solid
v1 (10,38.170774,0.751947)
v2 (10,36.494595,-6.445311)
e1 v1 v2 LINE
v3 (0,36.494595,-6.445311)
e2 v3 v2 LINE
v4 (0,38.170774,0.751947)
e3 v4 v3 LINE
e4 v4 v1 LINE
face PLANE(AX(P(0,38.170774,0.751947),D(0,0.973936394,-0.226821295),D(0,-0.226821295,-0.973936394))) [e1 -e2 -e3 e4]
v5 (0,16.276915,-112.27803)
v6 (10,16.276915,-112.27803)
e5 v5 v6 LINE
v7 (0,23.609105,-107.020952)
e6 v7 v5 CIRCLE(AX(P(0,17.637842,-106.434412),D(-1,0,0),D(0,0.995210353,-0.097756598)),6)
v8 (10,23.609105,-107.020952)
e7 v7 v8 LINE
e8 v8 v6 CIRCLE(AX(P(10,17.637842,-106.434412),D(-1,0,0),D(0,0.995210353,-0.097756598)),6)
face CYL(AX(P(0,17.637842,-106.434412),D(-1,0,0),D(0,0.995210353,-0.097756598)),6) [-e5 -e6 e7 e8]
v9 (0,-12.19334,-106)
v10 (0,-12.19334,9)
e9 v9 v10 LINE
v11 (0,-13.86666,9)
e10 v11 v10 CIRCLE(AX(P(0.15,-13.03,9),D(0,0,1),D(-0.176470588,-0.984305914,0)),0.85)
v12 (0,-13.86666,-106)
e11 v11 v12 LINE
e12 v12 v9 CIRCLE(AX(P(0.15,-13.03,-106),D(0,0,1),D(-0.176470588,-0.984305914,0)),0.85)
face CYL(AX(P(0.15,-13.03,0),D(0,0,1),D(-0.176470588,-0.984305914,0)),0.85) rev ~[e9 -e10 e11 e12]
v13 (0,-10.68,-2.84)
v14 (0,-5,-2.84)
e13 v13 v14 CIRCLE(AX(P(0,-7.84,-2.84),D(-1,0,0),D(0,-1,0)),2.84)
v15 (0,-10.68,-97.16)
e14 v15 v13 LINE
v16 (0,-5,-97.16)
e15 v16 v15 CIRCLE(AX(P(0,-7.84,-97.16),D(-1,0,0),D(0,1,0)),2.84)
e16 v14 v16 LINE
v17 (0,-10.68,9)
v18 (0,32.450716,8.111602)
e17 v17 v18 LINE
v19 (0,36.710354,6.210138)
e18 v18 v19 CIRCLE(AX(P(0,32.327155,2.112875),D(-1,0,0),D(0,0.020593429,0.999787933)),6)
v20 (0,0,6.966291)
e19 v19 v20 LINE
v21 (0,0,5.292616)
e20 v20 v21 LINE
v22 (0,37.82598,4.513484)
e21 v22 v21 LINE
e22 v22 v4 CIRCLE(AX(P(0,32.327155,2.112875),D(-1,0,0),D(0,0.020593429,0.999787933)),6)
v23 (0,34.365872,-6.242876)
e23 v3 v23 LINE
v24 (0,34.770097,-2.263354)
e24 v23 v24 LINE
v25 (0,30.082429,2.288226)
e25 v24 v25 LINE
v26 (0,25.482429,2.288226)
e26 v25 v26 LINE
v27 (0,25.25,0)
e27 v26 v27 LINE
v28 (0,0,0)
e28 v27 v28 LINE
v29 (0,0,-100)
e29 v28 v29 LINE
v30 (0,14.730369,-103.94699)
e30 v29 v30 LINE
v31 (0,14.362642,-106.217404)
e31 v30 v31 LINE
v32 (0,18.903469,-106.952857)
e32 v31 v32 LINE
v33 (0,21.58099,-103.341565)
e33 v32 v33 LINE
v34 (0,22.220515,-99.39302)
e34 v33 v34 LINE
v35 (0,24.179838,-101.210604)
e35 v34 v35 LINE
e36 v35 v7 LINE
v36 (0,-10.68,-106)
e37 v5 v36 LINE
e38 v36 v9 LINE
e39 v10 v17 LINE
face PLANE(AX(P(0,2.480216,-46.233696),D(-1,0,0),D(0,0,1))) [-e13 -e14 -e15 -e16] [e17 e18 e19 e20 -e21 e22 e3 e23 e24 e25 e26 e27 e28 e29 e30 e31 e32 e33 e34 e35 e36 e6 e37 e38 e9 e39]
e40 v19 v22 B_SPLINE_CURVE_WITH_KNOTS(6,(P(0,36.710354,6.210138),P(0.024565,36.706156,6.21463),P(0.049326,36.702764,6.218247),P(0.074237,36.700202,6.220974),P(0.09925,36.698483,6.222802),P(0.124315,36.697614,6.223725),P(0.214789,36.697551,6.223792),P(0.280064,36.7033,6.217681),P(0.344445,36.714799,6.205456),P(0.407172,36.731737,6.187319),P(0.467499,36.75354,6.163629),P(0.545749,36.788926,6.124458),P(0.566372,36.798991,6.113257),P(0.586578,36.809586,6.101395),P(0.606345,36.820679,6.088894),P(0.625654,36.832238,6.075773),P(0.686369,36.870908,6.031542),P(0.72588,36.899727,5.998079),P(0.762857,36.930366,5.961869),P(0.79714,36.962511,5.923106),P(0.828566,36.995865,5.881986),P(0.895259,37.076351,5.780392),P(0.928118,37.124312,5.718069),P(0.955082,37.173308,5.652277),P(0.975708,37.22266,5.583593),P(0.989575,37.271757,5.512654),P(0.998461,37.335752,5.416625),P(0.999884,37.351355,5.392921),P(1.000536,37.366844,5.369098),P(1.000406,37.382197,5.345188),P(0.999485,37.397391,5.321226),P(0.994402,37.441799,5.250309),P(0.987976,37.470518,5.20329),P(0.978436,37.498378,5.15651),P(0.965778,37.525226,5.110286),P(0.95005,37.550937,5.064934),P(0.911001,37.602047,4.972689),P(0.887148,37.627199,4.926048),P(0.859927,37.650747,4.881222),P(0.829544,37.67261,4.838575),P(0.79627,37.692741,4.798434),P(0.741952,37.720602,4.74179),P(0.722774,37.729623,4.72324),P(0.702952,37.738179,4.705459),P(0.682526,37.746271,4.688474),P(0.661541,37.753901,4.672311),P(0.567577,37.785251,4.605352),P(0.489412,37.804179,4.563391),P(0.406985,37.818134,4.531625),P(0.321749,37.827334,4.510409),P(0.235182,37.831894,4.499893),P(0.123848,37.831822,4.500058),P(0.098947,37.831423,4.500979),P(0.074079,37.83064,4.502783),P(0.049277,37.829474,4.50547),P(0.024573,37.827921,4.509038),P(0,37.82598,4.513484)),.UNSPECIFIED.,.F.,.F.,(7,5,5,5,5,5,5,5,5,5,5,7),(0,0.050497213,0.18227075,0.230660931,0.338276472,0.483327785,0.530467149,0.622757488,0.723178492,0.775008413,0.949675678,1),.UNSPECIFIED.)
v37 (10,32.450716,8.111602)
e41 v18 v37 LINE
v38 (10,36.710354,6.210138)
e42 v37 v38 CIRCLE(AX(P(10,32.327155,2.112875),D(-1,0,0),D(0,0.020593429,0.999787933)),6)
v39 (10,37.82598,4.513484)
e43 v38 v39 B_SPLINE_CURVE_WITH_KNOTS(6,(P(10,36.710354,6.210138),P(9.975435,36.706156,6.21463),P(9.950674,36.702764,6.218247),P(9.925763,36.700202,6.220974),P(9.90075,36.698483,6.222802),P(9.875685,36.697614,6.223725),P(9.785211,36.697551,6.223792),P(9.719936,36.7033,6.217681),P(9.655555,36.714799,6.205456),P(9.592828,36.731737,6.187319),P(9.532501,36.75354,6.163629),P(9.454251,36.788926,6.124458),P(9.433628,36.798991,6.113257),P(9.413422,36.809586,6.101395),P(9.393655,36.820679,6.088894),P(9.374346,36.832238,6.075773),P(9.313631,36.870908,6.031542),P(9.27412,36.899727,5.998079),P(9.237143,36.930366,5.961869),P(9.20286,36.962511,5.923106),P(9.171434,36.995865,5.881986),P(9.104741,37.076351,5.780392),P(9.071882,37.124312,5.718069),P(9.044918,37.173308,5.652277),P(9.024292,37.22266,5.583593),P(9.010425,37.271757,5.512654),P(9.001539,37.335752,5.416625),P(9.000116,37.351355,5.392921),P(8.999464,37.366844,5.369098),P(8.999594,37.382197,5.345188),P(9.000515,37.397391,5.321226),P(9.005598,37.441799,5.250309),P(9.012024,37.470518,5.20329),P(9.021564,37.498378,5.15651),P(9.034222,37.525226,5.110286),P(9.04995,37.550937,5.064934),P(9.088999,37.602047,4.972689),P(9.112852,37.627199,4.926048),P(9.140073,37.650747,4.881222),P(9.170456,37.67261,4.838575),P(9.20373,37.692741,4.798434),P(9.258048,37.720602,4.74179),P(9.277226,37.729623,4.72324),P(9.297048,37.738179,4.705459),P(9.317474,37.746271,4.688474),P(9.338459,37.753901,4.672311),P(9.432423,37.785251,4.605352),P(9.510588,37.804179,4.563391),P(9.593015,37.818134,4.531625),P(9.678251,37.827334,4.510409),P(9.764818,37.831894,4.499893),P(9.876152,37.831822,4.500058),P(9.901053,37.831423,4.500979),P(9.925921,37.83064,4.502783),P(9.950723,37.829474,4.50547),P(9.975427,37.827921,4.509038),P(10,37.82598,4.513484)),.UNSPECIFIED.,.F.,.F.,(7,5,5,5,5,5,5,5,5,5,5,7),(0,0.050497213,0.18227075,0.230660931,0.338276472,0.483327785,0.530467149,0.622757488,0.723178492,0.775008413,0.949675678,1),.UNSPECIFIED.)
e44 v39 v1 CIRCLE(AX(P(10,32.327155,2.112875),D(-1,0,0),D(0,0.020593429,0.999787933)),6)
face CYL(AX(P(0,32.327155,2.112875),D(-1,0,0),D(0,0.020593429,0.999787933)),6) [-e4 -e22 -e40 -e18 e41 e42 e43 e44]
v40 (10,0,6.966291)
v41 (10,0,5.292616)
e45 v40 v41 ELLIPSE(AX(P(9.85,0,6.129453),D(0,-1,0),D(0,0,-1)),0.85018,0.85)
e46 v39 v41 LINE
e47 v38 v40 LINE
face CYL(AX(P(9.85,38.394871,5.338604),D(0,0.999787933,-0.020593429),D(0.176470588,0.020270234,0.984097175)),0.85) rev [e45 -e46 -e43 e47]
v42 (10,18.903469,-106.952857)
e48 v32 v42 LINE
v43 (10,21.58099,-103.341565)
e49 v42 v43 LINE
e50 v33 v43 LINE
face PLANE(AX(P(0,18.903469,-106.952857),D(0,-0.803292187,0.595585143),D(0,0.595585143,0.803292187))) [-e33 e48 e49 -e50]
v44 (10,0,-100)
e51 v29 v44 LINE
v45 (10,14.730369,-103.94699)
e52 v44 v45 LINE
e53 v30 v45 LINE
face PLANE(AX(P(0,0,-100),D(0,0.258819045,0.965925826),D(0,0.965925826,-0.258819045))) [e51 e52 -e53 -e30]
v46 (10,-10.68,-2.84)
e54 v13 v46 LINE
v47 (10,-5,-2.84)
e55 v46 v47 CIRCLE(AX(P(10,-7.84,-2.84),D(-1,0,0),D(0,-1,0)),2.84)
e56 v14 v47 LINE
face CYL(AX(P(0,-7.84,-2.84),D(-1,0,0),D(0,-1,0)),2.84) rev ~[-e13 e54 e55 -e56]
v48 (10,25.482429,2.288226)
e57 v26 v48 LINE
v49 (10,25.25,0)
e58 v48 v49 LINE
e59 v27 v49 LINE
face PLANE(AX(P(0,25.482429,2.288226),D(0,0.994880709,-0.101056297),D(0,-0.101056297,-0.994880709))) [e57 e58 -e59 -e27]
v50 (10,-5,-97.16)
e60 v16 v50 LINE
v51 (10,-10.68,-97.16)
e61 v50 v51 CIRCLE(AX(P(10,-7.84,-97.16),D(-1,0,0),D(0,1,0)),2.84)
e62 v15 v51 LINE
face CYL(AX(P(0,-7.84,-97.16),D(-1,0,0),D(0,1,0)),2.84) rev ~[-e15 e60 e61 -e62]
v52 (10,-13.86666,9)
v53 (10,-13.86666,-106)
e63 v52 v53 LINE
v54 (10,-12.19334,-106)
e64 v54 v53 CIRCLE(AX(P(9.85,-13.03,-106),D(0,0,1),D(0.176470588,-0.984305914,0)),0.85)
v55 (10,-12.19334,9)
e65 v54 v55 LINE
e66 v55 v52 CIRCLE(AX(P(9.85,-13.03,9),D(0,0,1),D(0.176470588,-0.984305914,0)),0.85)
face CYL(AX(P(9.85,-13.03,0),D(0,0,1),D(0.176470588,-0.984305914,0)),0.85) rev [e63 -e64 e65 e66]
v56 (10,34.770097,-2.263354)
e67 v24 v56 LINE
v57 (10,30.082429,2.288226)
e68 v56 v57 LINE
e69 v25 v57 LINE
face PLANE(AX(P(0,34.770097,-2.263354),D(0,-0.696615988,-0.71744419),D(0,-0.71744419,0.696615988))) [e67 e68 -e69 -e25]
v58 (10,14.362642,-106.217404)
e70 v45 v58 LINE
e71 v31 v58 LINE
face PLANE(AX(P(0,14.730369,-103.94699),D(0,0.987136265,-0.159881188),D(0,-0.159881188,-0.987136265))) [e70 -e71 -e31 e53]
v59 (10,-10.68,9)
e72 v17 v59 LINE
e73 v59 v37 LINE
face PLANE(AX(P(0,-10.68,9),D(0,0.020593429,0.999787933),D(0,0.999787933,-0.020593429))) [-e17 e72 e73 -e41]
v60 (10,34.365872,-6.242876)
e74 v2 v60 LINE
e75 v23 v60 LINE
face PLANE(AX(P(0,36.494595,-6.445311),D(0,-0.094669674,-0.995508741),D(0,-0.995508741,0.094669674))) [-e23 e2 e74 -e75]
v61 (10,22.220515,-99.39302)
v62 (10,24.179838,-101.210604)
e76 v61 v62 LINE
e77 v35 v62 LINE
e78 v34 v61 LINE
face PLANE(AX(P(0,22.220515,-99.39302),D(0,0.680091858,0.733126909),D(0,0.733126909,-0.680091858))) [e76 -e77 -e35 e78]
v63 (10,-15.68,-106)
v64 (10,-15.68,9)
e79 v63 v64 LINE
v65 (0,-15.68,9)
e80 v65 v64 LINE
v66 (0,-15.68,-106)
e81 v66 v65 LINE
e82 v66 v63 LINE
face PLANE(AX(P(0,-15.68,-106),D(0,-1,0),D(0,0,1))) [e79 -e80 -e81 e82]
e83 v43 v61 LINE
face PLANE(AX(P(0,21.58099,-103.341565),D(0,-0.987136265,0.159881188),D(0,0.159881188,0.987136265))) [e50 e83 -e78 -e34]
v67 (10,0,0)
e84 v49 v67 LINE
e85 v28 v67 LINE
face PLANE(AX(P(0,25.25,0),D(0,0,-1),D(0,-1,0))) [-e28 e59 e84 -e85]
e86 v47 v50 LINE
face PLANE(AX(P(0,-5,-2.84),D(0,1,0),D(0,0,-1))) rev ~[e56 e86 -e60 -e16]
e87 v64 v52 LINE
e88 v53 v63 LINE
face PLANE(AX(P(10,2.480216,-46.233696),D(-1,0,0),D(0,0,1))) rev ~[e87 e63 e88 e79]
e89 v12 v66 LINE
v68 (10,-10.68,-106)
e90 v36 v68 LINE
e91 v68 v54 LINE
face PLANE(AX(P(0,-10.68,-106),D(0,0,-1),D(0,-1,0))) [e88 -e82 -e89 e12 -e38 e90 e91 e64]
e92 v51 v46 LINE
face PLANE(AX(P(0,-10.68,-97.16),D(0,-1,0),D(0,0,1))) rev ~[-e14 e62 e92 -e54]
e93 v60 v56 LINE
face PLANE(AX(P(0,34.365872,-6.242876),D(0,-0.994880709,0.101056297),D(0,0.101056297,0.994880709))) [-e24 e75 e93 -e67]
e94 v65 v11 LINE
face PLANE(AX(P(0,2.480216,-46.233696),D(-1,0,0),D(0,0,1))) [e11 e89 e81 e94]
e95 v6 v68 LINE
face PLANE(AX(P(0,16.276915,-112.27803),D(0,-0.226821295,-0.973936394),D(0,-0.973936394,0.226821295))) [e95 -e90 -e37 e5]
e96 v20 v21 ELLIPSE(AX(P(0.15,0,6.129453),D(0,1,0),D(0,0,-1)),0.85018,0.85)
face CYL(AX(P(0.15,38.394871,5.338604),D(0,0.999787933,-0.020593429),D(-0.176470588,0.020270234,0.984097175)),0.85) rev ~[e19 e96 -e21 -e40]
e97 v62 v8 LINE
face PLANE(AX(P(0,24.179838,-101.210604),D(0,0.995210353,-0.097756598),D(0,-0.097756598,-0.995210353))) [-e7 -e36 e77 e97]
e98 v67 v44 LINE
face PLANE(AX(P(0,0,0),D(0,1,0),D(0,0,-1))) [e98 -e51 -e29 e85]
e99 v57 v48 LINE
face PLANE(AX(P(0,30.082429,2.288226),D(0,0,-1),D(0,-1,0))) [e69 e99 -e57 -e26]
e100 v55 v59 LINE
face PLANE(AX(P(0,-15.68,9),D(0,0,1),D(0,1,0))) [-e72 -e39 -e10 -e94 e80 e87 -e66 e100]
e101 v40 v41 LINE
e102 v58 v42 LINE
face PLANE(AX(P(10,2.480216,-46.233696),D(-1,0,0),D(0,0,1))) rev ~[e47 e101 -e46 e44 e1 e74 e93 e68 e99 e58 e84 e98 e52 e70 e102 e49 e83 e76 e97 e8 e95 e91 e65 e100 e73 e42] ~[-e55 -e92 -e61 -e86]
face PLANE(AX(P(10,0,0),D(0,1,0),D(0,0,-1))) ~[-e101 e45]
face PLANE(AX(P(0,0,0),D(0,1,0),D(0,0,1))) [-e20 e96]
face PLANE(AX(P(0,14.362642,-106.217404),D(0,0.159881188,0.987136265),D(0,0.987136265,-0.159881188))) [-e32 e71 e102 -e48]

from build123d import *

# Parameters (mm, degrees)
BOSS_EXTRUDE1_DEPTH = 10
CUT_EXTRUDE4_REACH  = 126.4
CUT_EXTRUDE5_DEPTH  = 120.20766697


with BuildPart() as part:
    # Sketch1 → Boss-Extrude1 (new body)
    with BuildSketch(Plane(origin=(0, 0, 0), x_dir=(0, 0, -1), z_dir=(1, 0, 0))):
        with BuildLine():
            Line((0, 0), (100, 0))
            Line((100, 0), (103.946990438, 14.730368851))
            Line((103.946990438, 14.730368851), (106.217403847, 14.362642119))
            Line((106.217403847, 14.362642119), (106.952857311, 18.903468939))
            Line((106.952857311, 18.903468939), (103.341565092, 21.580990302))
            Line((103.341565092, 21.580990302), (99.393020031, 22.220515053))
            Line((99.393020031, 22.220515053), (101.210603817, 24.179837998))
            Line((101.210603817, 24.179837998), (107.020951621, 23.60910455))
            ThreePointArc((107.020951621, 23.60910455), (111.310577018, 21.133985308), (112.278030397, 16.276914661))
            Line((112.278030397, 16.276914661), (106, -10.68))
            Line((106, -10.68), (106, -15.68))
            Line((106, -15.68), (-9, -15.68))
            Line((-9, -15.68), (-9, -10.68))
            Line((-9, -10.68), (-8.111602248, 32.45071604))
            ThreePointArc((-8.111602248, 32.45071604), (-5.794866244, 37.064553263), (-0.751946881, 38.17077383))
            Line((-0.751946881, 38.17077383), (6.44531119, 36.494595175))
            Line((6.44531119, 36.494595175), (6.242876448, 34.365871735))
            Line((6.242876448, 34.365871735), (2.263353613, 34.770096924))
            Line((2.263353613, 34.770096924), (-2.28822563, 30.082429484))
            Line((-2.28822563, 30.082429484), (-2.28822563, 25.482429484))
            Line((-2.28822563, 25.482429484), (0, 25.25))
            Line((0, 25.25), (0, 0))
        make_face()
        with BuildLine():
            Line((2.84, -5), (97.16, -5))
            ThreePointArc((97.16, -5), (100, -7.84), (97.16, -10.68))
            Line((97.16, -10.68), (2.84, -10.68))
            ThreePointArc((2.84, -10.68), (0, -7.84), (2.84, -5))
        make_face(mode=Mode.SUBTRACT)
    extrude(amount=BOSS_EXTRUDE1_DEPTH)

    # Cut-Extrude4: up to this plane
    cut_extrude4_end = Plane(origin=(0, 0, 0), z_dir=(0, 1, 0))
    # Sketch2 → Cut-Extrude4 (cut, up to the surface)
    with BuildSketch(Plane(origin=(0, 38.268671352, -0.788250341), x_dir=(1, 0, 0), z_dir=(0, 0.9997879328481811, -0.020593429320073266)), mode=Mode.PRIVATE) as cut_extrude4_sk1:
        with BuildLine():
            Line((0, -5.291493544), (0, -6.964813597))
            ThreePointArc((0, -6.964813597), (1, -6.12815357), (0, -5.291493544))
        make_face()
    cut_extrude4_tool1 = split(extrude(cut_extrude4_sk1.sketch, amount=-CUT_EXTRUDE4_REACH, mode=Mode.PRIVATE), bisect_by=cut_extrude4_end, keep=Keep.BOTH, mode=Mode.PRIVATE)
    cut_extrude4 = cut_extrude4_tool1.solids().sort_by_distance((0.431182, 38.394871, 5.338604))[0]
    add(cut_extrude4, mode=Mode.SUBTRACT)

    # Mirror1: Cut-Extrude4 across plane
    add(cut_extrude4.mirror(Plane(origin=(5, 0, 0), x_dir=(0, 0, 1), z_dir=(1, 0, 0))), mode=Mode.SUBTRACT)

    # Sketch3 → Cut-Extrude5 (cut, symmetric)
    with BuildSketch(Plane.XY):
        with BuildLine():
            ThreePointArc((0, -13.866660027), (1, -13.03), (0, -12.193339973))
            Line((0, -12.193339973), (0, -13.866660027))
        make_face()
    cut_extrude5 = extrude(amount=CUT_EXTRUDE5_DEPTH, both=True, mode=Mode.SUBTRACT)

    # Mirror2: Cut-Extrude5 across plane
    add(cut_extrude5.mirror(Plane(origin=(5, 0, 0), x_dir=(0, 0, 1), z_dir=(1, 0, 0))), mode=Mode.SUBTRACT)


solid = part.part
